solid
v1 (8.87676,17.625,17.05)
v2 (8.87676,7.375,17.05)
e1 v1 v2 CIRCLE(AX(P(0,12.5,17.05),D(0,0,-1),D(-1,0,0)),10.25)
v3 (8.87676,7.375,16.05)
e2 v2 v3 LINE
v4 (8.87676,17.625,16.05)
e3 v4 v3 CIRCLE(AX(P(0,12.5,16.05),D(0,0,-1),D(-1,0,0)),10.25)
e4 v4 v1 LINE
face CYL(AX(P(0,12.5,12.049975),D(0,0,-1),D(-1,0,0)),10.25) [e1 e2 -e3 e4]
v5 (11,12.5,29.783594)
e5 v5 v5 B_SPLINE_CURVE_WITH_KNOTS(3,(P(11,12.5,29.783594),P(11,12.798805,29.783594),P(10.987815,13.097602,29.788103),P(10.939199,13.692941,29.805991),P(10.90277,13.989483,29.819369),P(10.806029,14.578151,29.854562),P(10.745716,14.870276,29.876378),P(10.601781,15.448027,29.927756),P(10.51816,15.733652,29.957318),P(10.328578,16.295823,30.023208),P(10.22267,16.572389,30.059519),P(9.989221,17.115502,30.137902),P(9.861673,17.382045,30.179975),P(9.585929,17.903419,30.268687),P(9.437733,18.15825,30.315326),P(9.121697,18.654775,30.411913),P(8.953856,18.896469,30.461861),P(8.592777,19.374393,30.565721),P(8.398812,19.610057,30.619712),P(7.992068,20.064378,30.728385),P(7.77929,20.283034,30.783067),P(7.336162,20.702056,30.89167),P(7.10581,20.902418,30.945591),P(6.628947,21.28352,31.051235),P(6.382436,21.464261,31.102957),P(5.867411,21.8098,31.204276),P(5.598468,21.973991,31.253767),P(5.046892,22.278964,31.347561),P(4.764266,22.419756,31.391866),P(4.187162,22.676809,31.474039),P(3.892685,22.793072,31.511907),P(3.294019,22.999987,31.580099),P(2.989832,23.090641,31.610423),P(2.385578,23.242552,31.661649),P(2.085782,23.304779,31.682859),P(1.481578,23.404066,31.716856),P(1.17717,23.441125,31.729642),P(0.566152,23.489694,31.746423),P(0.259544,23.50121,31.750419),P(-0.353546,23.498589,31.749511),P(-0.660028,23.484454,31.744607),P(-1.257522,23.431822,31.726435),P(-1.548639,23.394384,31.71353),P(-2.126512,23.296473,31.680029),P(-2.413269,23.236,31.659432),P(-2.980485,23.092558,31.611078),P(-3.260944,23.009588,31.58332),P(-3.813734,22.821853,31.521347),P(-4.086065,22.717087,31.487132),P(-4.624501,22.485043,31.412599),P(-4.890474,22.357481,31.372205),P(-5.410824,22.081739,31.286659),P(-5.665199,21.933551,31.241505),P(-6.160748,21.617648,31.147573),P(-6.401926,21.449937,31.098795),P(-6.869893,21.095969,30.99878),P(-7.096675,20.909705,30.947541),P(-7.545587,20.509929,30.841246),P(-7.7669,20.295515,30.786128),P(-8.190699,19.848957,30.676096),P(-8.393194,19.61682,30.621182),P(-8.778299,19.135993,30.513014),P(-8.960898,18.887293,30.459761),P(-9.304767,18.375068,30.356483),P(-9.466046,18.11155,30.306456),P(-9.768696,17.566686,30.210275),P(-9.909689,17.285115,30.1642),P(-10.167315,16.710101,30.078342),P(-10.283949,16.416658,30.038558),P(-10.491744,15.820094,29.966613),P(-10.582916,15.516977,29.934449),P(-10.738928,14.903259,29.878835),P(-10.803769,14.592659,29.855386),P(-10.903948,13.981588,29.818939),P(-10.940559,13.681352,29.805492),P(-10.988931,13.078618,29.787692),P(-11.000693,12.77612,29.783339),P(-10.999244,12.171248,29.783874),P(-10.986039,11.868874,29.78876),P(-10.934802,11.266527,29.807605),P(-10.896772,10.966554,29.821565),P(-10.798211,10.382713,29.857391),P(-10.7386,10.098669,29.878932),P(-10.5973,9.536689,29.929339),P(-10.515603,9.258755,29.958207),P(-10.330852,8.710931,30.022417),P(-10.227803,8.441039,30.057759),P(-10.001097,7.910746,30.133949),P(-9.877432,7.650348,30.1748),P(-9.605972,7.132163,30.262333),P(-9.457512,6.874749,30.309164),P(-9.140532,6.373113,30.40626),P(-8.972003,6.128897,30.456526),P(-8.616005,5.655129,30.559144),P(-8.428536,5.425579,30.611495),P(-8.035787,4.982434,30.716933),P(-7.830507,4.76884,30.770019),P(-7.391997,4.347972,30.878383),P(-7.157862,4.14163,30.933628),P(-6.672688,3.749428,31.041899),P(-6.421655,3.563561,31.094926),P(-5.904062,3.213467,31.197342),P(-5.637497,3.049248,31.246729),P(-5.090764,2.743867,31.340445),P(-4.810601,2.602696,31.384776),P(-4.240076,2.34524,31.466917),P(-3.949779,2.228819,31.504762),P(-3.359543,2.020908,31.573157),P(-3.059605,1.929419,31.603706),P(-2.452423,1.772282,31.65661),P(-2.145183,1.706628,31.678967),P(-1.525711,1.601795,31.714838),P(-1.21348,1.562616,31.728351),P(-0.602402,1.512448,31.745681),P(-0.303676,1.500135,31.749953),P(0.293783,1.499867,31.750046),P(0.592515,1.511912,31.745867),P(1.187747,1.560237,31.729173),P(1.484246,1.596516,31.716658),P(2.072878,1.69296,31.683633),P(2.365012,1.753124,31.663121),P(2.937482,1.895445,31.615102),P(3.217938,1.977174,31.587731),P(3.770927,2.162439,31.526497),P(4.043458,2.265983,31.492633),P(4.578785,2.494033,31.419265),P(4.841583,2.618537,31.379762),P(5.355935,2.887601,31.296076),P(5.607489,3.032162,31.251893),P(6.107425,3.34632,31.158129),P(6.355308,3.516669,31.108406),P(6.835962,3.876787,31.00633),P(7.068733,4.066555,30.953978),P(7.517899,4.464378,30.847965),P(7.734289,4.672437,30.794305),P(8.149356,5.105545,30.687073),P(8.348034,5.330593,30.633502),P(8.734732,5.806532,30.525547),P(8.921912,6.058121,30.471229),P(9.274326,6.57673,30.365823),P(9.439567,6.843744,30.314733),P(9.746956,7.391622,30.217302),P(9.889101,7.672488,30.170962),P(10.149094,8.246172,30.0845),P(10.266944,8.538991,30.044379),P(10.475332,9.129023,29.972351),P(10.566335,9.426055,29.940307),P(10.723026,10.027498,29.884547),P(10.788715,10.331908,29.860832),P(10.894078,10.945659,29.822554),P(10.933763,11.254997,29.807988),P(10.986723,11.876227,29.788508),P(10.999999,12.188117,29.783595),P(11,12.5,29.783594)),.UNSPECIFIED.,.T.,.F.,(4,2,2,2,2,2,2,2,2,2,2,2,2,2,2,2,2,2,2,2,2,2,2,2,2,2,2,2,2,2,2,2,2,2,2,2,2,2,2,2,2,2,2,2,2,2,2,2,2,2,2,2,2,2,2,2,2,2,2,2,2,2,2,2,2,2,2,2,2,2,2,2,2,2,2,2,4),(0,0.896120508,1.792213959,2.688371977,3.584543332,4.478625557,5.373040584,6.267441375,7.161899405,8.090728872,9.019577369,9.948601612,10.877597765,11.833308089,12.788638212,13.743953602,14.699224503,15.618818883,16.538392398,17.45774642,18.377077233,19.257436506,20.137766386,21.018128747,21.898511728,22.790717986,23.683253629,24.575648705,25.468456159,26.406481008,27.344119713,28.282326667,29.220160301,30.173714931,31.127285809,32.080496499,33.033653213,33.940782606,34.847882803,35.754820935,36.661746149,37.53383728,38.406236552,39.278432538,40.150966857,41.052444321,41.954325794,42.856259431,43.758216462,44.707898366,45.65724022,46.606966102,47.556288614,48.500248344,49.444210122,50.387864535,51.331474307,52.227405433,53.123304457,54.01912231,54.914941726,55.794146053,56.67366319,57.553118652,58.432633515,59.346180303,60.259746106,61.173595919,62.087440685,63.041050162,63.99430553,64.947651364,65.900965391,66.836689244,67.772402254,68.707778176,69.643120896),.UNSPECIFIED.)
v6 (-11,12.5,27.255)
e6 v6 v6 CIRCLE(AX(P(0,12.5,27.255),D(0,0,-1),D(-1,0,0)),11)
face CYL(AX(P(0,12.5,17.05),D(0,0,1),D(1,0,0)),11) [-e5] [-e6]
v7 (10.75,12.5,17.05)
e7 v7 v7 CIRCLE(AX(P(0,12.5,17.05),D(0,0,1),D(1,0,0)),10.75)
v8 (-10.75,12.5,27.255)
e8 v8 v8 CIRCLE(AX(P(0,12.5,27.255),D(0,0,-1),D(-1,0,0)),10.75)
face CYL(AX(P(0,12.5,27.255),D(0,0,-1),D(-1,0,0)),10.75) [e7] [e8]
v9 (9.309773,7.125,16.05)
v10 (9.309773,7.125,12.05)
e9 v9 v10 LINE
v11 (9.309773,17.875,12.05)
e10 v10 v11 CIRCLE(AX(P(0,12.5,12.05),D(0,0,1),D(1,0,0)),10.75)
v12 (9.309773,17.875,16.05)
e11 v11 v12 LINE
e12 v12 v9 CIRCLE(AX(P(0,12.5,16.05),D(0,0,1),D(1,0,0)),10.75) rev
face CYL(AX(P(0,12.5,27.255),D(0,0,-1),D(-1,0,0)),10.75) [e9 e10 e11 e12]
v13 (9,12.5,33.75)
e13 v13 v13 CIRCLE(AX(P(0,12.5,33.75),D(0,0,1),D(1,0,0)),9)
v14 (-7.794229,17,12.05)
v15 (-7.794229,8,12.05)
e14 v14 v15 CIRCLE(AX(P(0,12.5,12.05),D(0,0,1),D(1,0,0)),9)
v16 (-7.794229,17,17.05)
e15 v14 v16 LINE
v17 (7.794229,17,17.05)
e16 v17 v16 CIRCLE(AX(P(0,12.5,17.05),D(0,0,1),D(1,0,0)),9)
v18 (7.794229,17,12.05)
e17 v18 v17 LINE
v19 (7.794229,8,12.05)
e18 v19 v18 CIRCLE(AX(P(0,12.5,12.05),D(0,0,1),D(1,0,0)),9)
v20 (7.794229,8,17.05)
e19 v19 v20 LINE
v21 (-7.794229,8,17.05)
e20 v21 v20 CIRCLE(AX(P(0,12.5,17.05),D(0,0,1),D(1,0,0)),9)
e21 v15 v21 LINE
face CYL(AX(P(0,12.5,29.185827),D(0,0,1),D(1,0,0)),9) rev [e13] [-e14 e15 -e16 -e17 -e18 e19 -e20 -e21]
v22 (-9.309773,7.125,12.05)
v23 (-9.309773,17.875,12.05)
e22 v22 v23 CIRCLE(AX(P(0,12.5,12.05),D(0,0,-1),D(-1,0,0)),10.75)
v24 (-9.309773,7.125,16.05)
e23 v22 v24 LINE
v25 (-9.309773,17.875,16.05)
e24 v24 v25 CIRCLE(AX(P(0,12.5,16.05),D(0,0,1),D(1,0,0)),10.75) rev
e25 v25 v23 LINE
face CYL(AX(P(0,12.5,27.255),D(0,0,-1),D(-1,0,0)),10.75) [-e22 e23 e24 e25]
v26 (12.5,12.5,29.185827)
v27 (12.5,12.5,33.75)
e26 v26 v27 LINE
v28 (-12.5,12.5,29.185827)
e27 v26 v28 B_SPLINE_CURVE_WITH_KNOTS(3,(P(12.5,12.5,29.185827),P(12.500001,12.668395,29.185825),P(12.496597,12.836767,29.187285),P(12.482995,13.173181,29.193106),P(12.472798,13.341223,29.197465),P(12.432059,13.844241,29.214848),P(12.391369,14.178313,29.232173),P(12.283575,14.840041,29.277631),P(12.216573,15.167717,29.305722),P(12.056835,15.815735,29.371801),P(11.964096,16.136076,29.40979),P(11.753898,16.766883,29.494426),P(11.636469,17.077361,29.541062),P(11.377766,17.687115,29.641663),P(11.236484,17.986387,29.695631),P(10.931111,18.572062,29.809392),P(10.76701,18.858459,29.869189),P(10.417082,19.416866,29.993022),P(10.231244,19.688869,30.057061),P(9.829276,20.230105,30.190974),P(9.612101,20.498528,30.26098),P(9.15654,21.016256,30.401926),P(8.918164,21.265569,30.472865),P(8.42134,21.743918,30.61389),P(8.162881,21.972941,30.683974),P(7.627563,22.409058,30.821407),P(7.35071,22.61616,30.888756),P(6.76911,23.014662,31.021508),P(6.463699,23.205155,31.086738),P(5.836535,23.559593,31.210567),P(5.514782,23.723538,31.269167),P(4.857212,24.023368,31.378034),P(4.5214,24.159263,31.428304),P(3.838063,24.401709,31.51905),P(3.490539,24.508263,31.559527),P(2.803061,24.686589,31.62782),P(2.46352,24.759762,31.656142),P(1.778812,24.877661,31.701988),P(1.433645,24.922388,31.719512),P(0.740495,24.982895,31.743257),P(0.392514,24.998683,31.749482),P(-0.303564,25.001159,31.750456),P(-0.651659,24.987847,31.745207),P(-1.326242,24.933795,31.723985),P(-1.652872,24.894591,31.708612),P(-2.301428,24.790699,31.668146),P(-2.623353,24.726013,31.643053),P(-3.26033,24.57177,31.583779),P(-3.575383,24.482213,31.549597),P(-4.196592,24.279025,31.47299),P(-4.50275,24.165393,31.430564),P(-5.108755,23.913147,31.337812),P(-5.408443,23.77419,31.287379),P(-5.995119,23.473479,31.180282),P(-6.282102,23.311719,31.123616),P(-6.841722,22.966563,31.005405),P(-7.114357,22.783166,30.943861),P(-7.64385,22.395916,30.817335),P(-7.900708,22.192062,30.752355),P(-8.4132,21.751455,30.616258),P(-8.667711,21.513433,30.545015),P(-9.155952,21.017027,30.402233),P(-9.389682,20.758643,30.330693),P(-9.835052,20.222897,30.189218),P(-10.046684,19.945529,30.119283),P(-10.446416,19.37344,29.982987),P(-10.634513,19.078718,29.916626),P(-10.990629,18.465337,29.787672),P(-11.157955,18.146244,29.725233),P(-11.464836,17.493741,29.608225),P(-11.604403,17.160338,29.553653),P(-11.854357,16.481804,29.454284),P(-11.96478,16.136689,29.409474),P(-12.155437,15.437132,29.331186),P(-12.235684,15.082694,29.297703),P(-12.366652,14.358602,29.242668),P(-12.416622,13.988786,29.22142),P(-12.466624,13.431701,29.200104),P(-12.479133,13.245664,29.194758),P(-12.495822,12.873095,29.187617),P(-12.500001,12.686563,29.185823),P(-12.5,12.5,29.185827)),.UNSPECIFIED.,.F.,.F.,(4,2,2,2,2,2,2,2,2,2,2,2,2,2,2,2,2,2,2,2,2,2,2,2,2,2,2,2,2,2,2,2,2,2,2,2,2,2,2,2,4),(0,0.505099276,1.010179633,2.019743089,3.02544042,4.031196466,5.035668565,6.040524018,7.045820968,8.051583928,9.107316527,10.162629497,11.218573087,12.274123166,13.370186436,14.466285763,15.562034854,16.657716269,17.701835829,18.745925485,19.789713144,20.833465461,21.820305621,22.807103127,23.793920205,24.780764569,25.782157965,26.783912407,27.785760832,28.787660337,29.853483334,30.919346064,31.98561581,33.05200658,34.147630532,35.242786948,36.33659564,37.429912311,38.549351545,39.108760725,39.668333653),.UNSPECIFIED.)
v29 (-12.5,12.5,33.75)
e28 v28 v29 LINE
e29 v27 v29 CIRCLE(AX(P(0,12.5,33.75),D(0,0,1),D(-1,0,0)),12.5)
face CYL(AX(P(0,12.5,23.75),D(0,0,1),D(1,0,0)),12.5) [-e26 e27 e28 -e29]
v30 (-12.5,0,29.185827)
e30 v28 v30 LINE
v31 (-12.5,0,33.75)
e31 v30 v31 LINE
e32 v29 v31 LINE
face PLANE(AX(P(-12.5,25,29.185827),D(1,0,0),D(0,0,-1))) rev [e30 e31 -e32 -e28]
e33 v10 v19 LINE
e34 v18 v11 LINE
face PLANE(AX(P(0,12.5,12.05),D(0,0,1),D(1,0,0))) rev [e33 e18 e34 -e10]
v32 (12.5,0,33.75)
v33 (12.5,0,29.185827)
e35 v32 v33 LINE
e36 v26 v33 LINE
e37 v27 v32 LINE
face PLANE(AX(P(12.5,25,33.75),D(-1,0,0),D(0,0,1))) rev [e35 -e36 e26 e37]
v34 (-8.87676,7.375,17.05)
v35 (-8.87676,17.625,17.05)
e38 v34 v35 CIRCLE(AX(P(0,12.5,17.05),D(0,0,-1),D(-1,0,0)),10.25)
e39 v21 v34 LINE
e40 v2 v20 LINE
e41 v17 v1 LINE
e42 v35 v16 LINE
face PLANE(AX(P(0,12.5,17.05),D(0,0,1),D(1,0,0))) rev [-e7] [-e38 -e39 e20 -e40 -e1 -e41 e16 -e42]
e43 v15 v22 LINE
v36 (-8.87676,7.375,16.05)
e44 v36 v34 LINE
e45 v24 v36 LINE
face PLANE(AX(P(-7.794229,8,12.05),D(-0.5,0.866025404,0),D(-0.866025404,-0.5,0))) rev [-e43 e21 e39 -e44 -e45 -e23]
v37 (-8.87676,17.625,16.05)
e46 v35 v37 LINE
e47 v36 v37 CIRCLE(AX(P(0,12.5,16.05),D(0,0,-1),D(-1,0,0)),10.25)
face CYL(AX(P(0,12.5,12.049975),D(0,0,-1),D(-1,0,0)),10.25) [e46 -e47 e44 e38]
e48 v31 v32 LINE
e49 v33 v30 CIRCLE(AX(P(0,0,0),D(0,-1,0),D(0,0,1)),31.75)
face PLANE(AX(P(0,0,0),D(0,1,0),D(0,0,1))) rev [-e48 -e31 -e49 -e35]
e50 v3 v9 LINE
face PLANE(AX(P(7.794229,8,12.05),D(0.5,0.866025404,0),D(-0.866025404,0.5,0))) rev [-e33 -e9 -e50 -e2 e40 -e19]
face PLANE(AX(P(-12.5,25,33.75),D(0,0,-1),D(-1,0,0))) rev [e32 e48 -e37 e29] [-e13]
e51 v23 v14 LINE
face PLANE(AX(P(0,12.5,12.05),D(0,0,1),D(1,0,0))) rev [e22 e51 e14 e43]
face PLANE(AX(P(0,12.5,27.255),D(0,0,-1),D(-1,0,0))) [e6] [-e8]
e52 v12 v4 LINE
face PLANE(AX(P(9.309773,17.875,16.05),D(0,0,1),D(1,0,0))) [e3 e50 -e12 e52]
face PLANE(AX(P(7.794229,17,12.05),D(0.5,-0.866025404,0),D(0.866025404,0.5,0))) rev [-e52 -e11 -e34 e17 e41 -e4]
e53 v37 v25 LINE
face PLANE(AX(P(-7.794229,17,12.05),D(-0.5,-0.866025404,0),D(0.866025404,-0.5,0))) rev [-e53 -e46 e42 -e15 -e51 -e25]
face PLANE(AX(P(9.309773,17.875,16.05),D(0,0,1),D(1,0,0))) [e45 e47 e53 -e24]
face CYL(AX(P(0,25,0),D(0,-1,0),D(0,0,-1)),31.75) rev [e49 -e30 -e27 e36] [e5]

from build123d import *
from build123d.topology import SkipClean

# Parameters (mm, degrees)
EXTRUDE_1_DEPTH     = 25
SKETCH_2_R          = 9
CUT_EXTRUDE_2_DEPTH = 29.321046499
SKETCH_3_R          = 11
SKETCH_3_R_2        = 9
TUBE_DEPTH          = 16.7
SUPPORT_DEPTH       = 5
HOLDER_START        = -15.205
SKETCH_5_R          = 11
SKETCH_5_R_2        = 10.75
HOLDER_DEPTH        = 15.205
SKETCH_7_W          = 0.5
SKETCH_7_H          = 1
SKETCH_8_OUTSIDE_W  = 35.296
SKETCH_8_OUTSIDE_H  = 35.296
CUT_EXTRUDE_3_DEPTH = 10


with BuildPart() as part:
    # Эскиз1 → Вытянуть1 (new body)
    with BuildSketch(Plane(origin=(0, 0, 0), x_dir=(1, 0, 0), z_dir=(0, 1, 0))):
        with BuildLine():
            Line((-12.5, -29.18582704), (-12.5, -33.75))
            Line((-12.5, -33.75), (12.5, -33.75))
            Line((12.5, -33.75), (12.5, -29.18582704))
            ThreePointArc((12.5, -29.18582704), (0, -31.75), (-12.5, -29.18582704))
        make_face()
    extrude(amount=EXTRUDE_1_DEPTH)

    # Эскиз2 → Вытянуть2 (cut, through all)
    with BuildSketch(Plane.XY.offset(33.75)):
        with Locations((0, 12.5)):
            Circle(SKETCH_2_R)
    extrude(amount=-CUT_EXTRUDE_2_DEPTH, mode=Mode.SUBTRACT)

    # Эскиз3 → tube (add)
    with BuildSketch(Plane.XY.offset(33.75)):
        with Locations((0, 12.5)):
            Circle(SKETCH_3_R)
        with Locations((0, 12.5)):
            Circle(SKETCH_3_R_2, mode=Mode.SUBTRACT)
    extrude(amount=-TUBE_DEPTH)

    # Эскиз4 → support (add)
    with SkipClean():  # the faces are left unmerged after this step: merging them gives an invalid solid
        with BuildSketch(Plane(origin=(0, 0, 17.05), x_dir=(-1, 0, 0), z_dir=(0, 0, -1))):
            with BuildLine():
                Line((7.794228634, 17), (9.526279442, 18))
                ThreePointArc((9.526279442, 18), (11, 12.5), (9.526279442, 7))
                Line((9.526279442, 7), (7.794228634, 8))
                ThreePointArc((7.794228634, 8), (9, 12.5), (7.794228634, 17))
            make_face()
            with BuildLine():
                Line((-7.794228634, 8), (-9.526279442, 7))
                ThreePointArc((-9.526279442, 7), (-11, 12.5), (-9.526279442, 18))
                Line((-9.526279442, 18), (-7.794228634, 17))
                ThreePointArc((-7.794228634, 17), (-9, 12.5), (-7.794228634, 8))
            make_face()
        extrude(amount=SUPPORT_DEPTH)

    # Эскиз5 → holder (cut)
    with SkipClean():  # the faces are left unmerged after this step: merging them gives an invalid solid
        with BuildSketch(Plane(origin=(0, 0, 12.05), x_dir=(-1, 0, 0), z_dir=(0, 0, -1)).offset(HOLDER_START)):
            with Locations((0, 12.5)):
                Circle(SKETCH_5_R)
            with Locations((0, 12.5)):
                Circle(SKETCH_5_R_2, mode=Mode.SUBTRACT)
        extrude(amount=HOLDER_DEPTH, mode=Mode.SUBTRACT)

    # Эскиз7 → Вырез-Повернуть2 (revolve, cut)
    with SkipClean():  # the faces are left unmerged after this step: merging them gives an invalid solid
        with BuildSketch(Plane(origin=(-5.412658774, 9.375, 0), x_dir=(0.8660254037844456, 0.4999999999999881, 0), z_dir=(-0.4999999999999881, 0.8660254037844456, 0))):
            with Locations((16.75, -16.55)):
                Rectangle(SKETCH_7_W, SKETCH_7_H)
        revolve(axis=Axis((0, 12.5, 12.049975), (0, 0, 1)), mode=Mode.SUBTRACT)

    # Эскиз8 outside → Вытянуть3 (cut)
    with SkipClean():  # the faces are left unmerged after this step: merging them gives an invalid solid
        with BuildSketch(Plane.XY.offset(33.75)):
            with Locations((0, 12.5)):
                Rectangle(SKETCH_8_OUTSIDE_W, SKETCH_8_OUTSIDE_H)
            with BuildLine():
                Line((-12.5, 12.5), (-12.5, 0))
                Line((-12.5, 0), (12.5, 0))
                Line((12.5, 0), (12.5, 12.5))
                ThreePointArc((12.5, 12.5), (0, 25), (-12.5, 12.5))
            make_face(mode=Mode.SUBTRACT)
        extrude(amount=-CUT_EXTRUDE_3_DEPTH, mode=Mode.SUBTRACT)


solid = part.part
